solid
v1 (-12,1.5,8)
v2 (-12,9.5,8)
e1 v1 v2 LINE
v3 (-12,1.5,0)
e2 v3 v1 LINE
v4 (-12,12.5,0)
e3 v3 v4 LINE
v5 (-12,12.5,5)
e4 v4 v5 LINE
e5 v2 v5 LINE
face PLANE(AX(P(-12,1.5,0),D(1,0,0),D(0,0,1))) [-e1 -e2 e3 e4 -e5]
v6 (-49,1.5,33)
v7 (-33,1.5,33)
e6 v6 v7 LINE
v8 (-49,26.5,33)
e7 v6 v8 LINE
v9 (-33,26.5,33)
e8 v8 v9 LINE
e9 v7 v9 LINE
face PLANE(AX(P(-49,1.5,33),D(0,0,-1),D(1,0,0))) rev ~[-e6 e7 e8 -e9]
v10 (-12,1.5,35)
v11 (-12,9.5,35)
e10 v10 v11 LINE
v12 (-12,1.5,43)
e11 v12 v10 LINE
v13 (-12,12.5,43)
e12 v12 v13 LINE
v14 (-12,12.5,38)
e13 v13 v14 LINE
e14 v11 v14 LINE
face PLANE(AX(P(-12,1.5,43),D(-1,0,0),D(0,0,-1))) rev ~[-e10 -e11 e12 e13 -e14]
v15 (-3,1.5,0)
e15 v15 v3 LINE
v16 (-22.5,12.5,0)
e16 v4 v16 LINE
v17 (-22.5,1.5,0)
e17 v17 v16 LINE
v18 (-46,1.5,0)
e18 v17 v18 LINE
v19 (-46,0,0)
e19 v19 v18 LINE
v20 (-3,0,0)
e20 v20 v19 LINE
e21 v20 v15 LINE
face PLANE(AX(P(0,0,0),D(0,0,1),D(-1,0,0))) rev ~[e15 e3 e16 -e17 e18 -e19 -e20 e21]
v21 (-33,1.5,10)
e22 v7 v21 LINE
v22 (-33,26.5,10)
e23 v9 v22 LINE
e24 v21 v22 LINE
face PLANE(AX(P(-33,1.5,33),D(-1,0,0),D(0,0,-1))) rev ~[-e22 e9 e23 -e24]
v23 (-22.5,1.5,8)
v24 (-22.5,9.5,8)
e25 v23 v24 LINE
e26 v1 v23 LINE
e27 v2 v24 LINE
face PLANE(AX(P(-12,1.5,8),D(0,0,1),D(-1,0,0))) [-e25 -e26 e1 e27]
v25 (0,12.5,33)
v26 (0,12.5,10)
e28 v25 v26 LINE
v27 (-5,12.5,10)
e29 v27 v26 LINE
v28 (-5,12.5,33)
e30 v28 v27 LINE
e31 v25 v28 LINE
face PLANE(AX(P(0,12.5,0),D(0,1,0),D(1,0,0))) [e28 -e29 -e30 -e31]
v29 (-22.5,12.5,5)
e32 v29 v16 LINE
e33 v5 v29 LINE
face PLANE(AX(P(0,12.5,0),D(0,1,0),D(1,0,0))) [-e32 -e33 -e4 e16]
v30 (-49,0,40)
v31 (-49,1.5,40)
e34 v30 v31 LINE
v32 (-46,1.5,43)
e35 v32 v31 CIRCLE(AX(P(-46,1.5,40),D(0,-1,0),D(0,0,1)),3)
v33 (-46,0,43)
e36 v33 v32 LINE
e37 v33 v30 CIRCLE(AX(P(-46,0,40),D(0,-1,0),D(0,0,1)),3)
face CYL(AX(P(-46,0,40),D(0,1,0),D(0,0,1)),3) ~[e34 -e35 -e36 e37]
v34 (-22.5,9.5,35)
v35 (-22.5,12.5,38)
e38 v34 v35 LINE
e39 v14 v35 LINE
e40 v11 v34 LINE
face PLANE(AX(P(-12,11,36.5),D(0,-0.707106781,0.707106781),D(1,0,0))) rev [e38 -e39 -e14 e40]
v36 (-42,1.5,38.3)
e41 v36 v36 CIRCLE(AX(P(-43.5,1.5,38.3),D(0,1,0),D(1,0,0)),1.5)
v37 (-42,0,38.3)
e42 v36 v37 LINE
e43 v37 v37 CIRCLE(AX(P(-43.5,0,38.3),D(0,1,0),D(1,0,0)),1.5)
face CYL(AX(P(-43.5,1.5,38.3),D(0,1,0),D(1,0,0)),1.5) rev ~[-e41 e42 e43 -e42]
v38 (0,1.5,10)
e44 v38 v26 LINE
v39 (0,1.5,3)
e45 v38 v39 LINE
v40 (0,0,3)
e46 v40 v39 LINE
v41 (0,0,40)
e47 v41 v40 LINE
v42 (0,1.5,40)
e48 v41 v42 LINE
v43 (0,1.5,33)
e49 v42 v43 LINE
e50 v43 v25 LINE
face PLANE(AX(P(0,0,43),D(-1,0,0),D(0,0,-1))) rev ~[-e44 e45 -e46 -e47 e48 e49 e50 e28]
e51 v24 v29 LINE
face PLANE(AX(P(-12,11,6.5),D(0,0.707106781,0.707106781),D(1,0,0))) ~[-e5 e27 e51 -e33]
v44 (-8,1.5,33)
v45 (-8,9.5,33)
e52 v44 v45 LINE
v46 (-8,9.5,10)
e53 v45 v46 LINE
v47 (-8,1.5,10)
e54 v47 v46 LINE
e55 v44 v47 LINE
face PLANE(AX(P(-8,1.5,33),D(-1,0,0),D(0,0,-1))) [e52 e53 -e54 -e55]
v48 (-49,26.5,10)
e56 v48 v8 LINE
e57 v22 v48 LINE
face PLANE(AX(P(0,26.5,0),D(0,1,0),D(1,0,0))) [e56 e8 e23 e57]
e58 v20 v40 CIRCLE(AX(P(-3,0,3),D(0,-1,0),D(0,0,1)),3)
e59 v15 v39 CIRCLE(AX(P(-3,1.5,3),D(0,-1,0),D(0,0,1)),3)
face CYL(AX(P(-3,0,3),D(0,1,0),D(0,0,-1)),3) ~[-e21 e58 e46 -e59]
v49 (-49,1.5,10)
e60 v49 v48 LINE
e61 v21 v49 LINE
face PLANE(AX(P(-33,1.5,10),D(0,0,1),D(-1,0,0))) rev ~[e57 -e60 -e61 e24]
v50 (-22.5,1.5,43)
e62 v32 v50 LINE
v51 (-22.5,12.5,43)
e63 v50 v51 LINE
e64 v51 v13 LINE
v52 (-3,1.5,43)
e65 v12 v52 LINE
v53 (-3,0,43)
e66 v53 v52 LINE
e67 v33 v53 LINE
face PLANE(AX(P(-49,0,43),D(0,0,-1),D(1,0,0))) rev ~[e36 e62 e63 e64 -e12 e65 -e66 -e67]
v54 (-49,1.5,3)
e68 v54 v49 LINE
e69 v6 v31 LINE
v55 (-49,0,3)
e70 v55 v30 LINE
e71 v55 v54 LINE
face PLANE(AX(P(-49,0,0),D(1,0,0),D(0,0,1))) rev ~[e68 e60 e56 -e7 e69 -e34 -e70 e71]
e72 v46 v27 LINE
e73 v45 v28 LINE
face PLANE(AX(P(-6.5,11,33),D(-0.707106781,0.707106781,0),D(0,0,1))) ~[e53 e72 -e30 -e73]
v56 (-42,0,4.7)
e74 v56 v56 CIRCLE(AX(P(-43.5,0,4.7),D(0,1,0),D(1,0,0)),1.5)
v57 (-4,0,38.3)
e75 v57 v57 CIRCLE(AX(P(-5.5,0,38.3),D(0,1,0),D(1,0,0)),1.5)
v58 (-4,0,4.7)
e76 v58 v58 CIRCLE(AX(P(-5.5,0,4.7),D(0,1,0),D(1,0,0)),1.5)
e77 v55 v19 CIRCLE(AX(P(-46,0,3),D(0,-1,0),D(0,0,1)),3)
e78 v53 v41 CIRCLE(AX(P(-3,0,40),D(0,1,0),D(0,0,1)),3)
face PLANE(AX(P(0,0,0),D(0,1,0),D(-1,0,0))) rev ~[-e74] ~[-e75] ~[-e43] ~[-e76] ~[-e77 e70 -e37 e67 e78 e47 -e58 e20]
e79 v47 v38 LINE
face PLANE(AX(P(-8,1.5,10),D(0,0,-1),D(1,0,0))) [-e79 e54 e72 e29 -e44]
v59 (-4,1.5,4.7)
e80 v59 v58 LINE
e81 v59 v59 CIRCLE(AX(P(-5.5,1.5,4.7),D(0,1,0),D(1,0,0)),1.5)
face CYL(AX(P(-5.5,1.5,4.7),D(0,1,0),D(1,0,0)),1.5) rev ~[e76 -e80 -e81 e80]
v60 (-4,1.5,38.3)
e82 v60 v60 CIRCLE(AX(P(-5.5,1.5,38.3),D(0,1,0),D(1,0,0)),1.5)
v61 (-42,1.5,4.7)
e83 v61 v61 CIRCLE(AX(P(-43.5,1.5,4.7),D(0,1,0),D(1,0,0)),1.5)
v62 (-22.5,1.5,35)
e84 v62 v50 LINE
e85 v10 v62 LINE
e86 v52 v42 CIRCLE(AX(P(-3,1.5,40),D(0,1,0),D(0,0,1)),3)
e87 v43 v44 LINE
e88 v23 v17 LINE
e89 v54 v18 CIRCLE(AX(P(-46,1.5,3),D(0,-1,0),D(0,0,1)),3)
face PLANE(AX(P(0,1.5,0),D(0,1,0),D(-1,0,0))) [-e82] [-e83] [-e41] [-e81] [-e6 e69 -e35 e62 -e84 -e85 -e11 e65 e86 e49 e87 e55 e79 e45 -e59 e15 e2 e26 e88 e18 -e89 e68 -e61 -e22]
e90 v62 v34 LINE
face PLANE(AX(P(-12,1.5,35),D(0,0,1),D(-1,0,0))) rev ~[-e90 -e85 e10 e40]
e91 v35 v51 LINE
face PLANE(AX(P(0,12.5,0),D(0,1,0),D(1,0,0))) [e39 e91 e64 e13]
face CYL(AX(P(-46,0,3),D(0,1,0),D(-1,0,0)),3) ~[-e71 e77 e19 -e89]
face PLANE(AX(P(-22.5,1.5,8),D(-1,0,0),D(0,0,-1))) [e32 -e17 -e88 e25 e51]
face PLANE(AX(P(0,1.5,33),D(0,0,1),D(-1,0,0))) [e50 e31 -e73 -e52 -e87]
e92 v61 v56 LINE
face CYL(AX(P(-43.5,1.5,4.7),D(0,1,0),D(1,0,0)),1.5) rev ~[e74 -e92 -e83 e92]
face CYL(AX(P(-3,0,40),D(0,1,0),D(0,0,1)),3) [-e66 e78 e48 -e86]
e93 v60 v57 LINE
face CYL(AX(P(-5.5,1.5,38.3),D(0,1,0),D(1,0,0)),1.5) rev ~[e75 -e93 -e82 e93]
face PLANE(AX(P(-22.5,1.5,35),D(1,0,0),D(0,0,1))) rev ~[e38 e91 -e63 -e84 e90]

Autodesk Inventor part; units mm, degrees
ref_plane "YZ Plane" through (0, 0, 0) normal (1, 0, 0) x (0, 1, 0)
ref_plane "XZ Plane" through (0, 0, 0) normal (0, 1, 0) x (-1, 0, 0)
ref_plane "XY Plane" through (0, 0, 0) normal (0, 0, 1) x (1, 0, 0)
sketch "Эскиз1" plane through (0, 0, 0) normal (0, 1, 0) x (-1, 0, 0)
  line L0 (0, 0) -> (49, 0)
  line L1 (49, 0) -> (49, 43)
  line L2 (49, 43) -> (0, 43)
  line L3 (0, 43) -> (0, 0)
  dimension "d0" = 49
  dimension "d1" = 43
extrude "Выдавливание1" add sketch "Эскиз1" along normal blind 1.5
sketch "Эскиз2" plane through (0, 1.5, 0) normal (0, 1, 0) x (1, 0, 0)
  circle A0 centre (-43.5, -4.7) radius 1.5
  circle A1 centre (-43.5, -38.3) radius 1.5
  circle A2 centre (-5.5, -4.7) radius 1.5
  circle A3 centre (-5.5, -38.3) radius 1.5
  line L0 (-49, 0) -> (-49, -43) projected
  line L1 (0, 0) -> (-49, 0) projected
  line L2 (-49, -43) -> (0, -43) projected
  line L3 (0, -43) -> (0, 0) projected
  dimension "d4" = 3
  dimension "d5" = 3
  dimension "d6" = 3
  dimension "d7" = 3
  dimension "d8" = 5.5
  dimension "d9" = 5.5
  dimension "d10" = 4.7
  dimension "d11" = 4.7
  dimension "d12" = 5.5
  dimension "d13" = 5.5
  dimension "d14" = 4.7
  dimension "d15" = 4.7
extrude "Выдавливание2" cut sketch "Эскиз2" against normal blind 1.5 contours A0 | A1 | A2 | A3
sketch "Эскиз3" plane through (0, 1.5, 0) normal (0, 1, 0) x (1, 0, 0)
  line L0 (0, 0) -> (-49, 0) projected
  line L1 (-22.5, 0) -> (-12, 0)
  line L2 (-12, 0) -> (-12, -8)
  line L3 (-12, -8) -> (-22.5, -8)
  line L4 (-22.5, -8) -> (-22.5, 0)
  line L5 (0, -43) -> (0, 0) projected
  line L6 (-49, -43) -> (0, -43) projected
  line L7 (-22.5, -43) -> (-12, -43)
  line L8 (-12, -43) -> (-12, -35)
  line L9 (-12, -35) -> (-22.5, -35)
  line L10 (-22.5, -35) -> (-22.5, -43)
  line L11 (0, -33) -> (-8, -33)
  line L12 (-8, -33) -> (-8, -10)
  line L13 (-8, -10) -> (0, -10)
  line L14 (0, -10) -> (0, -33)
  point P0 (0, -10)
  dimension "d18" = 10.5
  dimension "d19" = 8
  dimension "d20" = 12
  dimension "d21" = 8
  dimension "d22" = 8
  dimension "d23" = 10
  dimension "d24" = 10
extrude "Выдавливание3" add sketch "Эскиз3" along normal blind 11
chamfer "Фаска1" distance 3 angle 45 3 edges at (-17.25, 12.5, 8) (-17.25, 12.5, 35) (-8, 12.5, 21.5)
fillet "Сопряжение1" radius 3 4 edges at (0, 0.75, 0) (0, 0.75, 43) (-49, 0.75, 43) (-49, 0.75, 0)
sketch "Эскиз4" plane through (0, 1.5, 0) normal (0, 1, 0) x (1, 0, 0)
  line L0 (-49, -3) -> (-49, -40) projected
  line L1 (-49, -33) -> (-33, -33)
  line L2 (-33, -33) -> (-33, -10)
  line L3 (-33, -10) -> (-49, -10)
  line L4 (-49, -10) -> (-49, -33)
  line L5 (-22.5, 0) -> (-46, 0) projected
  line L6 (-46, -43) -> (-22.5, -43) projected
  point P0 (0, 0)
  dimension "d31" = 23
  dimension "d32" = 16
  dimension "d33" = 43
  dimension "d34" = 10
extrude "Выдавливание4" add sketch "Эскиз4" along normal blind 25
equation "\"d9\" = d8"
equation "\"d11\" = d10"
equation "\"d12\" = d8"
equation "\"d13\" = d12"
equation "\"d14\" = d11"
equation "\"d15\" = d11"
equation "\"d21\" = d19"
properties part number "драйвер"
